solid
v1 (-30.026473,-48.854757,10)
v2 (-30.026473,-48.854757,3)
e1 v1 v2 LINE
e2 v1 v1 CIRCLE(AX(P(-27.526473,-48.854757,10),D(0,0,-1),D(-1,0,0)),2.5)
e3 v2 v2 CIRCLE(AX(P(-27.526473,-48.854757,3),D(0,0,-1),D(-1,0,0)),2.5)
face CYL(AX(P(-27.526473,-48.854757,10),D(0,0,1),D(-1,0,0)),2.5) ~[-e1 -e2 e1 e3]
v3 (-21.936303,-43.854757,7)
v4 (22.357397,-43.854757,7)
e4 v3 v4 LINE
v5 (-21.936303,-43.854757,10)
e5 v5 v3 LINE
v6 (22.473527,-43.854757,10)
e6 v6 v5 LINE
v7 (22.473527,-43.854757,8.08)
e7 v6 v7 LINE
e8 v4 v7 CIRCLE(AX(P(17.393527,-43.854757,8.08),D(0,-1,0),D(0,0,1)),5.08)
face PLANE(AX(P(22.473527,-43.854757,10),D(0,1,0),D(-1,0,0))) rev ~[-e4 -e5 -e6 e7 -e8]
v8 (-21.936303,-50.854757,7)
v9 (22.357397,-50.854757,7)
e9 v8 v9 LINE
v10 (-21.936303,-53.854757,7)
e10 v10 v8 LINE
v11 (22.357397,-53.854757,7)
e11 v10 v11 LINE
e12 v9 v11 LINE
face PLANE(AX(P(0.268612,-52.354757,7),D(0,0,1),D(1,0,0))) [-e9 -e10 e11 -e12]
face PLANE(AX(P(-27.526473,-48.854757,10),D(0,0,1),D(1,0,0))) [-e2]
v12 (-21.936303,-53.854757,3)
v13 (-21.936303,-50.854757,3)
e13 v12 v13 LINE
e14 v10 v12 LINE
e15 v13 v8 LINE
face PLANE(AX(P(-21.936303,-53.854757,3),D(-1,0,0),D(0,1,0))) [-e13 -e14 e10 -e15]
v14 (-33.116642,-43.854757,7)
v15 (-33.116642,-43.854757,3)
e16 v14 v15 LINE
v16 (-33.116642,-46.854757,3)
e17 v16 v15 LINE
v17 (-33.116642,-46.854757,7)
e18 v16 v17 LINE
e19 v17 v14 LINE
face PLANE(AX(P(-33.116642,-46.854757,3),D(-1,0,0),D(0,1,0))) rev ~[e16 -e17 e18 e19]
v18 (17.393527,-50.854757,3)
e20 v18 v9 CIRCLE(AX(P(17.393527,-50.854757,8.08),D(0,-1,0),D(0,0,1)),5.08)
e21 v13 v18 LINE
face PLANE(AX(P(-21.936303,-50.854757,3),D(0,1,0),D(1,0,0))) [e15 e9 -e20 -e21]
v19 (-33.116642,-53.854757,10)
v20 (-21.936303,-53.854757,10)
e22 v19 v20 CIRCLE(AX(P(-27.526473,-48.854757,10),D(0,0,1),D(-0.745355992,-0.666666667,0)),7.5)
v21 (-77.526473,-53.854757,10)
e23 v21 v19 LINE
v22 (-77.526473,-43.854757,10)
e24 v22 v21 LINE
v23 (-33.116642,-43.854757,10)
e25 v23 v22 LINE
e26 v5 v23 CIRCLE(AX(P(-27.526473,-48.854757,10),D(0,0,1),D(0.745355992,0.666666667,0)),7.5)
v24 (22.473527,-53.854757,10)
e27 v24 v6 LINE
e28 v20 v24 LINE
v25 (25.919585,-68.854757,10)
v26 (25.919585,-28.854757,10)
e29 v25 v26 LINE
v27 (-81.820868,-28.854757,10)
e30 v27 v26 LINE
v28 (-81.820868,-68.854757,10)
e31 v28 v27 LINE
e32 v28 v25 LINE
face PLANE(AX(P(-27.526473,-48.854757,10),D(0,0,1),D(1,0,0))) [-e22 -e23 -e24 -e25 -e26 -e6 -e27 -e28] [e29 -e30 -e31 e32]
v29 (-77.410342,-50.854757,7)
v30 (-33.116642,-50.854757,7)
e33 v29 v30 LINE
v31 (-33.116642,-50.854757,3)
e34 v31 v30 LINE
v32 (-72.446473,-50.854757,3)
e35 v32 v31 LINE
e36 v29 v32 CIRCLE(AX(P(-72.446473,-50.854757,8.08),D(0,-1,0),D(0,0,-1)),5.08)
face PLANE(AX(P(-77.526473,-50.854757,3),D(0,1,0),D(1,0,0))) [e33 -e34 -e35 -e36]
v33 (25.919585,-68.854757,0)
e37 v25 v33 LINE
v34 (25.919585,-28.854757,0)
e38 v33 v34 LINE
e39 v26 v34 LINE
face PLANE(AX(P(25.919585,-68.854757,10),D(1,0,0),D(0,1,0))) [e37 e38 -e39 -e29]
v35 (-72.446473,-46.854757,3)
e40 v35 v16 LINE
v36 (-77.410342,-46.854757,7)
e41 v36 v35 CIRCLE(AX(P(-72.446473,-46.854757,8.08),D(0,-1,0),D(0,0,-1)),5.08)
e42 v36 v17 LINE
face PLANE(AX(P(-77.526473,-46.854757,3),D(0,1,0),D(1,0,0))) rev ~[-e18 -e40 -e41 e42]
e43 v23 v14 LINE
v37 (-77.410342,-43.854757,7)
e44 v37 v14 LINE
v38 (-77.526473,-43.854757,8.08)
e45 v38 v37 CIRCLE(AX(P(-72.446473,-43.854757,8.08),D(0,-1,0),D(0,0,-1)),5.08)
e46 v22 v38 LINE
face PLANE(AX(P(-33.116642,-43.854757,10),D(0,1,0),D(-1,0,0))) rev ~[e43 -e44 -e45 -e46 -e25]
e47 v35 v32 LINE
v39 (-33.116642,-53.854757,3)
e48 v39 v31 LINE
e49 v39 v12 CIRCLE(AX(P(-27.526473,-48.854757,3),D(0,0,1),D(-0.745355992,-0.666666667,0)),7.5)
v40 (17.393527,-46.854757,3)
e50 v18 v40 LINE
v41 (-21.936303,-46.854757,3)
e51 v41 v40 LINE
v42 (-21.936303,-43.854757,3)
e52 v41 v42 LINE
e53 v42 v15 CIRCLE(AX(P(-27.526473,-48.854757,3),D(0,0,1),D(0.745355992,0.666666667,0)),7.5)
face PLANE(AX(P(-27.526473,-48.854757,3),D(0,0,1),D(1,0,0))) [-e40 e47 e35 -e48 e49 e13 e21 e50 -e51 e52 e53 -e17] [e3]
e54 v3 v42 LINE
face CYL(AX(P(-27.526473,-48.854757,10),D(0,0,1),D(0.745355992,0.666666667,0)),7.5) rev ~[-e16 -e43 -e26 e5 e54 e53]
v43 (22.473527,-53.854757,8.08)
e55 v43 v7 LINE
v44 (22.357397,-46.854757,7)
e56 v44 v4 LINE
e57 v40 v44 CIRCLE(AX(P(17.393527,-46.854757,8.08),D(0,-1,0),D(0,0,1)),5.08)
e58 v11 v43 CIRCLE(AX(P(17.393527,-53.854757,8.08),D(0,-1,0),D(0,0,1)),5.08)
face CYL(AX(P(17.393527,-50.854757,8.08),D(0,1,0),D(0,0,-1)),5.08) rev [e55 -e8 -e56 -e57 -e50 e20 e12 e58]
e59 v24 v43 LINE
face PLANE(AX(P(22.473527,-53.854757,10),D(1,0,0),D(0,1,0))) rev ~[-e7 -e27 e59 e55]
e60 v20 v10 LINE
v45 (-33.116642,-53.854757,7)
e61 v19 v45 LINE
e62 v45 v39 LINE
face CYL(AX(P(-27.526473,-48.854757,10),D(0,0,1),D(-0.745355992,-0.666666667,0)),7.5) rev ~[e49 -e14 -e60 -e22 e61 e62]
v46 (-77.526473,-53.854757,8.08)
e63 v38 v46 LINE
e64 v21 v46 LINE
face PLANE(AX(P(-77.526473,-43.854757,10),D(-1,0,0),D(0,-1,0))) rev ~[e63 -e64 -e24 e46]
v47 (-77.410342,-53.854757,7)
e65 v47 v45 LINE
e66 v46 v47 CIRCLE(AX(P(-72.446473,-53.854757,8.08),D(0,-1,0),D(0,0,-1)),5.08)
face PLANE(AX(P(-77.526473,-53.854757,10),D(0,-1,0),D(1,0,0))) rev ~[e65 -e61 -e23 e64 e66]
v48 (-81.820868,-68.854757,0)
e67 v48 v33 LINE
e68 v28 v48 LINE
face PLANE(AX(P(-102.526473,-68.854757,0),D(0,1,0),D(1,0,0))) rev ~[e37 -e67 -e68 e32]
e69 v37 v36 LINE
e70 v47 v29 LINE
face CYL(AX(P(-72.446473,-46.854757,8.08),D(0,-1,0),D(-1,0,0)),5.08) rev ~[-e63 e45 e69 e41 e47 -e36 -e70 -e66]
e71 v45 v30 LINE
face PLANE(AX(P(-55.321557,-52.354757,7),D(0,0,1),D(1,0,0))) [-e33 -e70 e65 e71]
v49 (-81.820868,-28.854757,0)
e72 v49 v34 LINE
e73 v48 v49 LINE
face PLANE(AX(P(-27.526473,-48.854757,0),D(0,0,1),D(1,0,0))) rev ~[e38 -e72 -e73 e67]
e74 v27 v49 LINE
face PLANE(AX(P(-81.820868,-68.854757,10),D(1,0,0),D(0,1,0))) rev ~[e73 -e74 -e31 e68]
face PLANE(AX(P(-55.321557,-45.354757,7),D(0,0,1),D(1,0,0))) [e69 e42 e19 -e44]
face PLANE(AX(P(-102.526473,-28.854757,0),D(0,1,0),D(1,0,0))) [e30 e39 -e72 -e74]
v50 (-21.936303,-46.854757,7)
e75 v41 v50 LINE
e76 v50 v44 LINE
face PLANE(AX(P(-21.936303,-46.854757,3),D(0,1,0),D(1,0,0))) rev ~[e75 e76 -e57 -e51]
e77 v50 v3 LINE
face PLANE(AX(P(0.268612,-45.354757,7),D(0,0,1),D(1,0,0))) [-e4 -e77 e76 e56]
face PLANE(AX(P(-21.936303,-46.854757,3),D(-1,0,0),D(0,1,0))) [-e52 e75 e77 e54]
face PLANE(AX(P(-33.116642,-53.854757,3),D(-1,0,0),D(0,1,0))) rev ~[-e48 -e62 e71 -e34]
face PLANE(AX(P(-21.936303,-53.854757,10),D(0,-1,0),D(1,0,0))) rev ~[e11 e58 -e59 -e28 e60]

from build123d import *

# Parameters (mm, degrees)
F0_W     = 150
F0_H     = 40
F1_DEPTH = 10
F3_DEPTH = 7
F4_W     = 44.4098300563
F4_H     = 3
F5_DEPTH = 4
F6_R     = 5.08
F7_W     = 20.7056045532
F7_H     = 40
F7_W_2   = 21.5539429337
F8_DEPTH = 25.4


with BuildPart() as f1:
    # F0 (on Top) → F1 (new body)
    with BuildSketch(Plane.XY):
        with Locations((-27.5264725089, -48.8547566533)):
            Rectangle(F0_W, F0_H)
    extrude(amount=F1_DEPTH)

    # F2 (on face) → F3 (cut)
    with BuildSketch(Plane.XY.offset(10)):
        with BuildLine():
            Line((-77.5264725089, -43.8547566533), (-77.5264725089, -48.8547566533))
            Line((-77.5264725089, -48.8547566533), (-77.5264725089, -53.8547566533))
            Line((-77.5264725089, -53.8547566533), (-33.1166424527, -53.8547566533))
            ThreePointArc((-33.1166424527, -53.8547566533), (-27.5264725089, -56.3547566533), (-21.9363025652, -53.8547566533))
            Line((-21.9363025652, -53.8547566533), (22.4735274911, -53.8547566533))
            Line((22.4735274911, -53.8547566533), (22.4735274911, -48.8547566533))
            Line((22.4735274911, -48.8547566533), (22.4735274911, -43.8547566533))
            Line((22.4735274911, -43.8547566533), (-21.9363025652, -43.8547566533))
            ThreePointArc((-21.9363025652, -43.8547566533), (-27.5264725089, -41.3547566533), (-33.1166424527, -43.8547566533))
            Line((-33.1166424527, -43.8547566533), (-77.5264725089, -43.8547566533))
        make_face()
        with BuildLine():
            ThreePointArc((-25.0264725089, -48.8547566533), (-27.5264725089, -51.3547566533), (-30.0264725089, -48.8547566533))
            ThreePointArc((-30.0264725089, -48.8547566533), (-27.5264725089, -46.3547566533), (-25.0264725089, -48.8547566533))
        make_face(mode=Mode.SUBTRACT)
    extrude(amount=-F3_DEPTH, mode=Mode.SUBTRACT)

    # F4 (on face) → F5 (join)
    with BuildSketch(Plane.XY.offset(3)):
        with Locations((-55.3215574808, -45.3547566533)):
            Rectangle(F4_W, F4_H)
        with Locations((-55.3215574808, -52.3547566533)):
            Rectangle(F4_W, F4_H)
        with Locations((0.268612463, -52.3547566533)):
            Rectangle(F4_W, F4_H)
        with Locations((0.268612463, -45.3547566533)):
            Rectangle(F4_W, F4_H)
    extrude(amount=F5_DEPTH)

    # F6
    f6_edges = [f1.edges().sort_by_distance(p)[0] for p in [
        (-77.526473, -48.854757, 3),
        (22.473527, -48.854757, 3),
    ]]
    fillet(f6_edges, radius=F6_R)

    # F7 (on face) → F8 (cut)
    with BuildSketch(Plane.XY.offset(10)):
        with Locations((-92.1736702323, -48.8547566533)):
            Rectangle(F7_W, F7_H)
        with Locations((36.6965560243, -48.8547566533)):
            Rectangle(F7_W_2, F7_H)
    extrude(amount=-F8_DEPTH, mode=Mode.SUBTRACT)


solid = f1.part
